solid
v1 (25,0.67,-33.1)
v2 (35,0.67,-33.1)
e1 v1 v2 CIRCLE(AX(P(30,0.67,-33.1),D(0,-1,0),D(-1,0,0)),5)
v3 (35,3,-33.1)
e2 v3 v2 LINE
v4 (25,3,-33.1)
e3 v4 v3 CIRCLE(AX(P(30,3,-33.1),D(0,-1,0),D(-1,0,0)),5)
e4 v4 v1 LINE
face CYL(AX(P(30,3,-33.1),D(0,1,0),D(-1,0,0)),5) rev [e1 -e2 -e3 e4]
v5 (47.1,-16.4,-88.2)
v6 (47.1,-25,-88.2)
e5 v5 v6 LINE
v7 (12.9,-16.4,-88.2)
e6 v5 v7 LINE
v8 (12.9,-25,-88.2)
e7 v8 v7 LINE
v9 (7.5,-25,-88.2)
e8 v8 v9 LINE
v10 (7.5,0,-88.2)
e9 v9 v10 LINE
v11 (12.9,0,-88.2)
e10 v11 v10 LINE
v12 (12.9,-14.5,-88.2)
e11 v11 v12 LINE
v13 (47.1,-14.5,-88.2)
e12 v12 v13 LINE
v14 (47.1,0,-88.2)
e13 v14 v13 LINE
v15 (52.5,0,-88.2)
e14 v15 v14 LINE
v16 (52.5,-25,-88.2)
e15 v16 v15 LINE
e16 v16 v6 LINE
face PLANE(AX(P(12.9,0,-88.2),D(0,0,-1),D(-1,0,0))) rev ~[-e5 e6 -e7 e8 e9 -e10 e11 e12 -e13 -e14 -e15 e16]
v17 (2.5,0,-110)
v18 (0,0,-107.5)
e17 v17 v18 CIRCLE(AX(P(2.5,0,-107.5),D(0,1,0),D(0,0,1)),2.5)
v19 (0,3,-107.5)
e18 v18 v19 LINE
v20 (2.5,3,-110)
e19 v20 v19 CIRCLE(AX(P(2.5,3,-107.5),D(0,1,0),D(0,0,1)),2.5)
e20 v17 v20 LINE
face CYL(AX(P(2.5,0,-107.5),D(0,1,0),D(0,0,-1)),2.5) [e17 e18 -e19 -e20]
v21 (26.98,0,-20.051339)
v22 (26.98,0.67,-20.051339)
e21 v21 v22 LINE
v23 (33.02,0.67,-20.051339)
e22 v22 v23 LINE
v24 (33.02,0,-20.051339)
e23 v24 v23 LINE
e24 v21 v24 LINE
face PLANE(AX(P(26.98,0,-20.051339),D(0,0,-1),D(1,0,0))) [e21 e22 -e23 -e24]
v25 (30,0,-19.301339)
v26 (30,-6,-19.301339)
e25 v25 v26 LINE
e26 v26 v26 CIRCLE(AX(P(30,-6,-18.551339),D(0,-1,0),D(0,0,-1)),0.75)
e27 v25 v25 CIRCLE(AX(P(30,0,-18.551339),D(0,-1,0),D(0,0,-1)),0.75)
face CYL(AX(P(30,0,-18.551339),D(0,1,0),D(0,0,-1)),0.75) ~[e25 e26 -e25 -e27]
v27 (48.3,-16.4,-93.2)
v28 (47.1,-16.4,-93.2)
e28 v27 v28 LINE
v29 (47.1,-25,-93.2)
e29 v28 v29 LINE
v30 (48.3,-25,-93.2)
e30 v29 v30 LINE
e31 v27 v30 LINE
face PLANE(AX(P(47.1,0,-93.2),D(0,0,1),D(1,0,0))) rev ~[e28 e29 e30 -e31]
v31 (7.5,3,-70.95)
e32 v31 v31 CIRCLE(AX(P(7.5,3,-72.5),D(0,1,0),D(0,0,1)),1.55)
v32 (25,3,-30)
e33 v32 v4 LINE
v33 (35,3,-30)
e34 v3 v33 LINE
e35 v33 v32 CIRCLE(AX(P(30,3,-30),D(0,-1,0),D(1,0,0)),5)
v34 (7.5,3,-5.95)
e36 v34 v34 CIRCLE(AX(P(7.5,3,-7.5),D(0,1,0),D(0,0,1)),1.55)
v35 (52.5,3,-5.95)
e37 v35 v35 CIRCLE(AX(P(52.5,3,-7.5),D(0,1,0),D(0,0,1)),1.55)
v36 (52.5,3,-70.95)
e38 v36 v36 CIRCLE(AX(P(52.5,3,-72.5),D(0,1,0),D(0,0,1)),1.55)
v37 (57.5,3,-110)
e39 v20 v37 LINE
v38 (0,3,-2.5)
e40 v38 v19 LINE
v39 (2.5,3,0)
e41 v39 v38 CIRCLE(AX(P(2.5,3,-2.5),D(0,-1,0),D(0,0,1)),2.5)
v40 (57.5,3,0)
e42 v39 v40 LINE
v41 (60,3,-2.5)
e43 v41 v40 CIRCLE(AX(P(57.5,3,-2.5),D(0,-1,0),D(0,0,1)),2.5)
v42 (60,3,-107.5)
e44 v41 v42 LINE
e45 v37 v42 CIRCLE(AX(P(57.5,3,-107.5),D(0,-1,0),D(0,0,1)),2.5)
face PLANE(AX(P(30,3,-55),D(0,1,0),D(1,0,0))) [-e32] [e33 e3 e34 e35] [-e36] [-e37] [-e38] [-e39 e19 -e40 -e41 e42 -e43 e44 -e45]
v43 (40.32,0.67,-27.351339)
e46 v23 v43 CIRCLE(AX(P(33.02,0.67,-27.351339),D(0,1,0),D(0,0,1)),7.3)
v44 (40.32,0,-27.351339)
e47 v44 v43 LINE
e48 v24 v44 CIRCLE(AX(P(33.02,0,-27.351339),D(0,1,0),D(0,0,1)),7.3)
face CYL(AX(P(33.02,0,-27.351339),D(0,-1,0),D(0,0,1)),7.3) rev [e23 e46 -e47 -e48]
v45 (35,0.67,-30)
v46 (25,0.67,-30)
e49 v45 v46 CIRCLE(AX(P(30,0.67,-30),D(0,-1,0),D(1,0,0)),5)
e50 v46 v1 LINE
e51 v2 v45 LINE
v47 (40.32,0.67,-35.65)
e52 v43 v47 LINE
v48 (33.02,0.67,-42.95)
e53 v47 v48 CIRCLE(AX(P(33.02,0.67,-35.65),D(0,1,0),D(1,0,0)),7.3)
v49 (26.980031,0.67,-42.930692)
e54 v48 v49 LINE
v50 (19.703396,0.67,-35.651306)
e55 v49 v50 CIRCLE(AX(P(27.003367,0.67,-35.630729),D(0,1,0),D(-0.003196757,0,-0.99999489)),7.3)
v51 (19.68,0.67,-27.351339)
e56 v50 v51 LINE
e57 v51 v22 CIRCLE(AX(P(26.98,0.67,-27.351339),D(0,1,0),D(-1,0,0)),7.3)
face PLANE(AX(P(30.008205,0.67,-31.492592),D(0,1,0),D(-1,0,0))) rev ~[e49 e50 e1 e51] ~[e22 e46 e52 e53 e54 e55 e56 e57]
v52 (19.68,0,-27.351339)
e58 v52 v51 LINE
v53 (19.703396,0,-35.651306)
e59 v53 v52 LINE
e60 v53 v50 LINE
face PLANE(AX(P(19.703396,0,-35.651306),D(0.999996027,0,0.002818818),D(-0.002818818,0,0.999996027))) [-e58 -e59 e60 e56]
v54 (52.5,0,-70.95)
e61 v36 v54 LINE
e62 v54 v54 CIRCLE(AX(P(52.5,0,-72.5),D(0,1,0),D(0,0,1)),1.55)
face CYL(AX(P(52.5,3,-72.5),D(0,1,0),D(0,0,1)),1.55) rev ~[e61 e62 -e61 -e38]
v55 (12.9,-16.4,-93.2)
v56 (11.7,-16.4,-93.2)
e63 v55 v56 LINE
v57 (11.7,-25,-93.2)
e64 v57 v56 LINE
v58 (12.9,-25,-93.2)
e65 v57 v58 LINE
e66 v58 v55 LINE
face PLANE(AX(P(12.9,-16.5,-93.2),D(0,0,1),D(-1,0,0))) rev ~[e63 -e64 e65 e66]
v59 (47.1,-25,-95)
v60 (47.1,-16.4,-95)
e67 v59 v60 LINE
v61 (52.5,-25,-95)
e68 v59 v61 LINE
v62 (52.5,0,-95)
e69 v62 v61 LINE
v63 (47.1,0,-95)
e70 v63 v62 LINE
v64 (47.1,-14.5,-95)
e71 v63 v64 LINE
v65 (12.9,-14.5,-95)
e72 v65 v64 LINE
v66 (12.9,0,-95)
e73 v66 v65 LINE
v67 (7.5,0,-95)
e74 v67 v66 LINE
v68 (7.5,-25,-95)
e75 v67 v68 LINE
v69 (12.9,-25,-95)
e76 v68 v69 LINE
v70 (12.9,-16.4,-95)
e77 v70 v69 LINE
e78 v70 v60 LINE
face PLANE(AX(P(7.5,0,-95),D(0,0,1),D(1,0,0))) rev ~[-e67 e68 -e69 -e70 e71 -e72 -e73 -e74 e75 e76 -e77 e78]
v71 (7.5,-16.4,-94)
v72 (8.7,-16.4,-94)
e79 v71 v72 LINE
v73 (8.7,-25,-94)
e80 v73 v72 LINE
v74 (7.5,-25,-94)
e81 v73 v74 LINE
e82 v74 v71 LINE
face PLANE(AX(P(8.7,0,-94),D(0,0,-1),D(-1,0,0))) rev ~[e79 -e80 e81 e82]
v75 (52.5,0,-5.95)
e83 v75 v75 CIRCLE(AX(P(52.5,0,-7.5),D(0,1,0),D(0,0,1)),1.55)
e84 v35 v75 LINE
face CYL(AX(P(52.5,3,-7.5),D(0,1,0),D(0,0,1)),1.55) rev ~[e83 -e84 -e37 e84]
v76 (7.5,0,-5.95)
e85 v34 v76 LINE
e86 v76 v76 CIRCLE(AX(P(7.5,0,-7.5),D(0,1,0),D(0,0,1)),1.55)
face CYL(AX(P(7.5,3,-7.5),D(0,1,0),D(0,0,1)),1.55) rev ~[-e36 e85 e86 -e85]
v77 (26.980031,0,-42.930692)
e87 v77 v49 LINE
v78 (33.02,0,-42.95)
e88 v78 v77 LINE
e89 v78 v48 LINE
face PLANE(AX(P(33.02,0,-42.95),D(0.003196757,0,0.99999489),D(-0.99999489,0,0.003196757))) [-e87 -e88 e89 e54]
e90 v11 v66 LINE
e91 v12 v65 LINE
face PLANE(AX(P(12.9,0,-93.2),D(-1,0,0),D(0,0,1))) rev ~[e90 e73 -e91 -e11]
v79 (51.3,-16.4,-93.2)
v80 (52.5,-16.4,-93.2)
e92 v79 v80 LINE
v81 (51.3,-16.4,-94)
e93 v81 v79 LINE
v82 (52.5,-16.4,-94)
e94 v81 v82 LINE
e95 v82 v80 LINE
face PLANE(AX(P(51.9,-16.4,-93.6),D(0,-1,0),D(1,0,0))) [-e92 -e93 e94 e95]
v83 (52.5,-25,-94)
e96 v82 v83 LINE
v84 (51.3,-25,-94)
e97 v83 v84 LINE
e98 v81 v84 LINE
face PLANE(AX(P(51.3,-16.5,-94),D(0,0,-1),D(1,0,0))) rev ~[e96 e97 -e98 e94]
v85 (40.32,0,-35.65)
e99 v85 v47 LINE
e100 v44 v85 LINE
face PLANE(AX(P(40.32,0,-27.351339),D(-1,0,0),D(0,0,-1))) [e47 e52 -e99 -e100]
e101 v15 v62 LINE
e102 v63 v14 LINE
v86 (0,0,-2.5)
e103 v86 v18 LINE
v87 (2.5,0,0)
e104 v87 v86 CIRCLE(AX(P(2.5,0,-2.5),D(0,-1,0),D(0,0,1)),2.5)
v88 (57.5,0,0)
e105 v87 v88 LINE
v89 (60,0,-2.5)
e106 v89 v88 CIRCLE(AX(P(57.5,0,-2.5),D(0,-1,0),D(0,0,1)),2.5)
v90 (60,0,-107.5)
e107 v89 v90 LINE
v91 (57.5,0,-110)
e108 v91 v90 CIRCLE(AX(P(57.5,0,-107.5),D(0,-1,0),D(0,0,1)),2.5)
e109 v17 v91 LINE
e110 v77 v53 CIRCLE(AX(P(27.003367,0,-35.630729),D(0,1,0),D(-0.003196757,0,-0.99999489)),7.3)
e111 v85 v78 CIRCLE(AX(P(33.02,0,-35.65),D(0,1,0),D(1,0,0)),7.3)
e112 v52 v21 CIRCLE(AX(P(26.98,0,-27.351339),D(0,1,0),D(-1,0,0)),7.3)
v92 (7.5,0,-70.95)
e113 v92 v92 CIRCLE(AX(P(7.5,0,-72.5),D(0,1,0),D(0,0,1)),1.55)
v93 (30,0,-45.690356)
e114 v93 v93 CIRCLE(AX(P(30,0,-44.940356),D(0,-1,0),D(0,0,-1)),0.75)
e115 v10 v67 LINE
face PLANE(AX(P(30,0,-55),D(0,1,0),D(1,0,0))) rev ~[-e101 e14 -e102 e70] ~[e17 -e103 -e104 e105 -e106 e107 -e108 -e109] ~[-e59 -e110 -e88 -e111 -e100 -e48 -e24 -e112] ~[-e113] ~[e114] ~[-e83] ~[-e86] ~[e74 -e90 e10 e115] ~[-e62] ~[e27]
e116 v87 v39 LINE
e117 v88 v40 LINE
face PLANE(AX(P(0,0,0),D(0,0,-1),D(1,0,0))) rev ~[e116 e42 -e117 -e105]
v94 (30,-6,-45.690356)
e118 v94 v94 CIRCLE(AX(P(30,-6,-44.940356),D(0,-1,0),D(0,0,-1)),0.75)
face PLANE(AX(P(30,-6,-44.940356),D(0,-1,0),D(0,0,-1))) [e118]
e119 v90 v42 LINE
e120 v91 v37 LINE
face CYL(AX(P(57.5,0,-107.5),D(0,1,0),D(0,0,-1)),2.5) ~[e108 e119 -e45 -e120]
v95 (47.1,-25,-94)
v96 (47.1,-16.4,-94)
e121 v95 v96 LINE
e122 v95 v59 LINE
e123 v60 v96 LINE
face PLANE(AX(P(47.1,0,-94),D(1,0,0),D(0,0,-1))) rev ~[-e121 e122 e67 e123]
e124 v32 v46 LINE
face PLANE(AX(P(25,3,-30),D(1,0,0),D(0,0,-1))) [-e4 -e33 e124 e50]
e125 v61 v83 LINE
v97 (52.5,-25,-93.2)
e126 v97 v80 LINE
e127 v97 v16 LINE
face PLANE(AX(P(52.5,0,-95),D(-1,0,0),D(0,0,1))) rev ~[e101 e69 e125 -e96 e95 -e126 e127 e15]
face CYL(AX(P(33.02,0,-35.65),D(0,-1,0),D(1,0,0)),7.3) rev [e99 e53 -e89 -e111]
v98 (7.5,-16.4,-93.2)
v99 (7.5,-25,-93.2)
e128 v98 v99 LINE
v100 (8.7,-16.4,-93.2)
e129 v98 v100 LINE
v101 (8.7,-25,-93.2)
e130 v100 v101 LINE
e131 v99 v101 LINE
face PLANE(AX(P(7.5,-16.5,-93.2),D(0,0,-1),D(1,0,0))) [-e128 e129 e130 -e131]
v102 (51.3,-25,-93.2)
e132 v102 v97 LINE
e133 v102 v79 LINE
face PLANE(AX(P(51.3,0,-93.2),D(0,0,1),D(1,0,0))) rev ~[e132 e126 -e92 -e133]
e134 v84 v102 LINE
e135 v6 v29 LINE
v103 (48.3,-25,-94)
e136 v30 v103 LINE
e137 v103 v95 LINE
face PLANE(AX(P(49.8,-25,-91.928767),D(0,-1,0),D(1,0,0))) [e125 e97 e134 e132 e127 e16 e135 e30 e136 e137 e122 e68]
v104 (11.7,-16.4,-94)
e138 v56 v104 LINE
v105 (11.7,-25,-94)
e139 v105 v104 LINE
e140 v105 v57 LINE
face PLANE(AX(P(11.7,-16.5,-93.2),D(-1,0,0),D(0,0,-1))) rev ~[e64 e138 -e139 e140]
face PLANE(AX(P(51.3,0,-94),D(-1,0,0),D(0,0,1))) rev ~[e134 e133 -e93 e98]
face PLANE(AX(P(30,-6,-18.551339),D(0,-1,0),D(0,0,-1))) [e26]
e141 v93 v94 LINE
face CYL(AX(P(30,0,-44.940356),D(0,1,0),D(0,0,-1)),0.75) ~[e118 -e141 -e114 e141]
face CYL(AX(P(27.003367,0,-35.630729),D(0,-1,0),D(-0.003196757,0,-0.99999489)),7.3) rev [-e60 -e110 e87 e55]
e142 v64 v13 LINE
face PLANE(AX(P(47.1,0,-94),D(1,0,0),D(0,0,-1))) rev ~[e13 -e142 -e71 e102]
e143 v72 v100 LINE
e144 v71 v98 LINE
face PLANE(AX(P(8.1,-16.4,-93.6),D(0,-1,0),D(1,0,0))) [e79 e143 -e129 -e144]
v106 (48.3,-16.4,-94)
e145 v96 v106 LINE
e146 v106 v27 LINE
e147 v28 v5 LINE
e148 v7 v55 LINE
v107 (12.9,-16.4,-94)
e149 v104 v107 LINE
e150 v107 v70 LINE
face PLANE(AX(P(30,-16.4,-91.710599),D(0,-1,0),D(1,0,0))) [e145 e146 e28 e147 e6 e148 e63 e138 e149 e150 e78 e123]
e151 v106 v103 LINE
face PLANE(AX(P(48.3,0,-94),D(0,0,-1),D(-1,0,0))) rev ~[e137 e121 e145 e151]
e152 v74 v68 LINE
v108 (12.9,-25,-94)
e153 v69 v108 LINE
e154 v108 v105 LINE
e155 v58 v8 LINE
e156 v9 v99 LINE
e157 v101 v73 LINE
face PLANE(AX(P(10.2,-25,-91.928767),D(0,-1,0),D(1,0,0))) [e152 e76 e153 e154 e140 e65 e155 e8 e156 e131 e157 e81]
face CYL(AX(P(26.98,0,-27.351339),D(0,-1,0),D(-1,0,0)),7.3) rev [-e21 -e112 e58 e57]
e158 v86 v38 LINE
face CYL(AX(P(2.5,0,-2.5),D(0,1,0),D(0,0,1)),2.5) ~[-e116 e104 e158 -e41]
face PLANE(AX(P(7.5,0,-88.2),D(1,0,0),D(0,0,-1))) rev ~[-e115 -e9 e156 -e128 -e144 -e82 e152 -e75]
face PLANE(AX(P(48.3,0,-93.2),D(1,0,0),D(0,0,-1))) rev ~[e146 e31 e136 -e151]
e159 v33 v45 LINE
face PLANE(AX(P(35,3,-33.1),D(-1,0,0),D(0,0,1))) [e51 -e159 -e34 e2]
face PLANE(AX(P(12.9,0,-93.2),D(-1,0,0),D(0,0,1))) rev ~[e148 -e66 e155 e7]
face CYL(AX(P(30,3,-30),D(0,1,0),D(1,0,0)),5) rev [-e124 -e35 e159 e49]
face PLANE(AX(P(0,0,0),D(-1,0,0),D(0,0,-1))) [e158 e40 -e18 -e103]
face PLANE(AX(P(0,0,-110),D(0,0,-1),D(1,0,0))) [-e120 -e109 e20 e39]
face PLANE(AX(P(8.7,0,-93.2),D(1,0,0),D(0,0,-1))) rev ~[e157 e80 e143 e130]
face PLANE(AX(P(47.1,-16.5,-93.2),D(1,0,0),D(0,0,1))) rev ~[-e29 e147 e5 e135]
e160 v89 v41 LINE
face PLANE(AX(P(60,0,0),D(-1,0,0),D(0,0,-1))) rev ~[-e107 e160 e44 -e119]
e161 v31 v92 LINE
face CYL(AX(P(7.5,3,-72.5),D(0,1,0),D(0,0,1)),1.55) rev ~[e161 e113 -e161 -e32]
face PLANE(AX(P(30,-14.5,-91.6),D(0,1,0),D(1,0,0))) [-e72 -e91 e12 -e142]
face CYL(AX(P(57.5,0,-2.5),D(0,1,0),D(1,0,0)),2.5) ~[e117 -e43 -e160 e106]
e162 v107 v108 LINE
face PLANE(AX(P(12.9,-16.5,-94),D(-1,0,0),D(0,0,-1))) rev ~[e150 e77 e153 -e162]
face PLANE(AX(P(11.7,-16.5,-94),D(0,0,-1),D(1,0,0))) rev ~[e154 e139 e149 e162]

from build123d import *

# Parameters (mm, degrees)
SKETCH1_W           = 60
SKETCH1_H           = 110
BOSS_EXTRUDE1_DEPTH = 3
SKETCH2_R           = 1.55
CUT_EXTRUDE1_DEPTH  = 3
CUT_EXTRUDE2_DEPTH  = 2.33
CUT_EXTRUDE3_DEPTH  = 0.67
BOSS_EXTRUDE3_DEPTH = 25
SKETCH9_W           = 45
SKETCH9_H           = 6.8
BOSS_EXTRUDE4_DEPTH = 2
SKETCH10_W          = 5.4
SKETCH10_H          = 6.8
BOSS_EXTRUDE5_DEPTH = 14.5
FILLET1_R           = 2.5
SKETCH11_R          = 0.75
BOSS_EXTRUDE6_DEPTH = 6
SKETCH12_W          = 1.2
SKETCH12_H          = 0.8
CUT_EXTRUDE4_DEPTH  = 0.1


with BuildPart() as part:
    # Sketch1 → Boss-Extrude1 (new body)
    with BuildSketch(Plane(origin=(0, 0, 0), x_dir=(1, 0, 0), z_dir=(0, 1, 0))):
        with Locations((30, 55)):
            Rectangle(SKETCH1_W, SKETCH1_H)
    extrude(amount=BOSS_EXTRUDE1_DEPTH)

    # Sketch2 → Cut-Extrude1 (cut)
    with BuildSketch(Plane(origin=(0, 3, 0), x_dir=(1, 0, 0), z_dir=(0, 1, 0))):
        with Locations(Location((7.5, 7.5, 0), (0, 0, 270))):
            Circle(SKETCH2_R)
        with Locations(Location((52.5, 7.5, 0), (0, 0, 270))):
            Circle(SKETCH2_R)
        with Locations(Location((7.5, 72.5, 0), (0, 0, 270))):
            Circle(SKETCH2_R)
        with Locations(Location((52.5, 72.5, 0), (0, 0, 270))):
            Circle(SKETCH2_R)
    extrude(amount=-CUT_EXTRUDE1_DEPTH, mode=Mode.SUBTRACT)

    # Sketch3 → Cut-Extrude2 (cut)
    with BuildSketch(Plane(origin=(0, 3, 0), x_dir=(1, 0, 0), z_dir=(0, 1, 0))):
        with BuildLine():
            Line((35, 33.1), (35, 30))
            ThreePointArc((35, 30), (30, 25), (25, 30))
            Line((25, 30), (25, 33.1))
            ThreePointArc((25, 33.1), (30, 38.1), (35, 33.1))
        make_face()
    extrude(amount=-CUT_EXTRUDE2_DEPTH, mode=Mode.SUBTRACT)

    # Sketch4 → Cut-Extrude3 (cut)
    with BuildSketch(Plane.XZ):
        with BuildLine():
            Line((26.98, -20.051339235), (33.02, -20.051339235))
            ThreePointArc((33.02, -20.051339235), (38.181879503, -22.189459733), (40.32, -27.351339235))
            Line((40.32, -27.351339235), (40.32, -35.65))
            ThreePointArc((40.32, -35.65), (38.181879503, -40.811879503), (33.02, -42.95))
            Line((33.02, -42.95), (26.980030862, -42.930691587))
            ThreePointArc((26.980030862, -42.930691587), (21.840512337, -40.791632856), (19.703396192, -35.65130626))
            Line((19.703396192, -35.65130626), (19.68, -27.351339235))
            ThreePointArc((19.68, -27.351339235), (21.818120497, -22.189459733), (26.98, -20.051339235))
        make_face()
    extrude(amount=-CUT_EXTRUDE3_DEPTH, mode=Mode.SUBTRACT)

    # Sketch6 → Boss-Extrude3 (add)
    with BuildSketch(Plane.XZ):
        Polygon((51.3, -93.2), (52.5, -93.2), (52.5, -88.2), (47.1, -88.2), (47.1, -93.2), (48.3, -93.2), (48.3, -94), (47.1, -94), (47.1, -95), (52.5, -95), (52.5, -94), (51.3, -94), align=None)
        Polygon((11.7, -93.2), (12.9, -93.2), (12.9, -88.2), (7.5, -88.2), (7.5, -93.2), (8.7, -93.2), (8.7, -94), (7.5, -94), (7.5, -95), (12.9, -95), (12.9, -94), (11.7, -94), align=None)
    extrude(amount=BOSS_EXTRUDE3_DEPTH)

    # Sketch9 → Boss-Extrude4 (add)
    with BuildSketch(Plane(origin=(0, -16.5, 0), x_dir=(1, 0, 0), z_dir=(0, 1, 0))):
        with Locations((30, 91.6)):
            Rectangle(SKETCH9_W, SKETCH9_H)
    extrude(amount=BOSS_EXTRUDE4_DEPTH)

    # Sketch10 → Boss-Extrude5 (add)
    with BuildSketch(Plane.XZ):
        with Locations((10.2, -91.6)):
            Rectangle(SKETCH10_W, SKETCH10_H)
        with Locations((49.8, -91.6)):
            Rectangle(SKETCH10_W, SKETCH10_H)
    extrude(amount=BOSS_EXTRUDE5_DEPTH)

    # Fillet1
    fillet1_edges = [part.edges().sort_by_distance(p)[0] for p in [
        (0, 1.5, -110),
        (60, 1.5, -110),
        (60, 1.5, 0),
        (0, 1.5, 0),
    ]]
    fillet(fillet1_edges, radius=FILLET1_R)

    # Sketch11 → Boss-Extrude6 (add)
    with BuildSketch(Plane.XZ):
        with Locations(Location((30, -18.551339235, 0), (0, 0, 270))):
            Circle(SKETCH11_R)
        with Locations(Location((30, -44.940355963, 0), (0, 0, 270))):
            Circle(SKETCH11_R)
    extrude(amount=BOSS_EXTRUDE6_DEPTH)

    # Sketch12 → Cut-Extrude4 (cut)
    with BuildSketch(Plane.XZ.offset(16.5)):
        Polygon((12.9, -94), (12.9, -95), (47.1, -95), (47.1, -94), (48.3, -94), (48.3, -93.2), (47.1, -93.2), (47.1, -88.2), (12.9, -88.2), (12.9, -93.2), (11.7, -93.2), (11.7, -94), align=None)
        with Locations((8.1, -93.6)):
            Rectangle(SKETCH12_W, SKETCH12_H)
        with Locations((51.9, -93.6)):
            Rectangle(SKETCH12_W, SKETCH12_H)
    extrude(amount=-CUT_EXTRUDE4_DEPTH, mode=Mode.SUBTRACT)


solid = part.part
